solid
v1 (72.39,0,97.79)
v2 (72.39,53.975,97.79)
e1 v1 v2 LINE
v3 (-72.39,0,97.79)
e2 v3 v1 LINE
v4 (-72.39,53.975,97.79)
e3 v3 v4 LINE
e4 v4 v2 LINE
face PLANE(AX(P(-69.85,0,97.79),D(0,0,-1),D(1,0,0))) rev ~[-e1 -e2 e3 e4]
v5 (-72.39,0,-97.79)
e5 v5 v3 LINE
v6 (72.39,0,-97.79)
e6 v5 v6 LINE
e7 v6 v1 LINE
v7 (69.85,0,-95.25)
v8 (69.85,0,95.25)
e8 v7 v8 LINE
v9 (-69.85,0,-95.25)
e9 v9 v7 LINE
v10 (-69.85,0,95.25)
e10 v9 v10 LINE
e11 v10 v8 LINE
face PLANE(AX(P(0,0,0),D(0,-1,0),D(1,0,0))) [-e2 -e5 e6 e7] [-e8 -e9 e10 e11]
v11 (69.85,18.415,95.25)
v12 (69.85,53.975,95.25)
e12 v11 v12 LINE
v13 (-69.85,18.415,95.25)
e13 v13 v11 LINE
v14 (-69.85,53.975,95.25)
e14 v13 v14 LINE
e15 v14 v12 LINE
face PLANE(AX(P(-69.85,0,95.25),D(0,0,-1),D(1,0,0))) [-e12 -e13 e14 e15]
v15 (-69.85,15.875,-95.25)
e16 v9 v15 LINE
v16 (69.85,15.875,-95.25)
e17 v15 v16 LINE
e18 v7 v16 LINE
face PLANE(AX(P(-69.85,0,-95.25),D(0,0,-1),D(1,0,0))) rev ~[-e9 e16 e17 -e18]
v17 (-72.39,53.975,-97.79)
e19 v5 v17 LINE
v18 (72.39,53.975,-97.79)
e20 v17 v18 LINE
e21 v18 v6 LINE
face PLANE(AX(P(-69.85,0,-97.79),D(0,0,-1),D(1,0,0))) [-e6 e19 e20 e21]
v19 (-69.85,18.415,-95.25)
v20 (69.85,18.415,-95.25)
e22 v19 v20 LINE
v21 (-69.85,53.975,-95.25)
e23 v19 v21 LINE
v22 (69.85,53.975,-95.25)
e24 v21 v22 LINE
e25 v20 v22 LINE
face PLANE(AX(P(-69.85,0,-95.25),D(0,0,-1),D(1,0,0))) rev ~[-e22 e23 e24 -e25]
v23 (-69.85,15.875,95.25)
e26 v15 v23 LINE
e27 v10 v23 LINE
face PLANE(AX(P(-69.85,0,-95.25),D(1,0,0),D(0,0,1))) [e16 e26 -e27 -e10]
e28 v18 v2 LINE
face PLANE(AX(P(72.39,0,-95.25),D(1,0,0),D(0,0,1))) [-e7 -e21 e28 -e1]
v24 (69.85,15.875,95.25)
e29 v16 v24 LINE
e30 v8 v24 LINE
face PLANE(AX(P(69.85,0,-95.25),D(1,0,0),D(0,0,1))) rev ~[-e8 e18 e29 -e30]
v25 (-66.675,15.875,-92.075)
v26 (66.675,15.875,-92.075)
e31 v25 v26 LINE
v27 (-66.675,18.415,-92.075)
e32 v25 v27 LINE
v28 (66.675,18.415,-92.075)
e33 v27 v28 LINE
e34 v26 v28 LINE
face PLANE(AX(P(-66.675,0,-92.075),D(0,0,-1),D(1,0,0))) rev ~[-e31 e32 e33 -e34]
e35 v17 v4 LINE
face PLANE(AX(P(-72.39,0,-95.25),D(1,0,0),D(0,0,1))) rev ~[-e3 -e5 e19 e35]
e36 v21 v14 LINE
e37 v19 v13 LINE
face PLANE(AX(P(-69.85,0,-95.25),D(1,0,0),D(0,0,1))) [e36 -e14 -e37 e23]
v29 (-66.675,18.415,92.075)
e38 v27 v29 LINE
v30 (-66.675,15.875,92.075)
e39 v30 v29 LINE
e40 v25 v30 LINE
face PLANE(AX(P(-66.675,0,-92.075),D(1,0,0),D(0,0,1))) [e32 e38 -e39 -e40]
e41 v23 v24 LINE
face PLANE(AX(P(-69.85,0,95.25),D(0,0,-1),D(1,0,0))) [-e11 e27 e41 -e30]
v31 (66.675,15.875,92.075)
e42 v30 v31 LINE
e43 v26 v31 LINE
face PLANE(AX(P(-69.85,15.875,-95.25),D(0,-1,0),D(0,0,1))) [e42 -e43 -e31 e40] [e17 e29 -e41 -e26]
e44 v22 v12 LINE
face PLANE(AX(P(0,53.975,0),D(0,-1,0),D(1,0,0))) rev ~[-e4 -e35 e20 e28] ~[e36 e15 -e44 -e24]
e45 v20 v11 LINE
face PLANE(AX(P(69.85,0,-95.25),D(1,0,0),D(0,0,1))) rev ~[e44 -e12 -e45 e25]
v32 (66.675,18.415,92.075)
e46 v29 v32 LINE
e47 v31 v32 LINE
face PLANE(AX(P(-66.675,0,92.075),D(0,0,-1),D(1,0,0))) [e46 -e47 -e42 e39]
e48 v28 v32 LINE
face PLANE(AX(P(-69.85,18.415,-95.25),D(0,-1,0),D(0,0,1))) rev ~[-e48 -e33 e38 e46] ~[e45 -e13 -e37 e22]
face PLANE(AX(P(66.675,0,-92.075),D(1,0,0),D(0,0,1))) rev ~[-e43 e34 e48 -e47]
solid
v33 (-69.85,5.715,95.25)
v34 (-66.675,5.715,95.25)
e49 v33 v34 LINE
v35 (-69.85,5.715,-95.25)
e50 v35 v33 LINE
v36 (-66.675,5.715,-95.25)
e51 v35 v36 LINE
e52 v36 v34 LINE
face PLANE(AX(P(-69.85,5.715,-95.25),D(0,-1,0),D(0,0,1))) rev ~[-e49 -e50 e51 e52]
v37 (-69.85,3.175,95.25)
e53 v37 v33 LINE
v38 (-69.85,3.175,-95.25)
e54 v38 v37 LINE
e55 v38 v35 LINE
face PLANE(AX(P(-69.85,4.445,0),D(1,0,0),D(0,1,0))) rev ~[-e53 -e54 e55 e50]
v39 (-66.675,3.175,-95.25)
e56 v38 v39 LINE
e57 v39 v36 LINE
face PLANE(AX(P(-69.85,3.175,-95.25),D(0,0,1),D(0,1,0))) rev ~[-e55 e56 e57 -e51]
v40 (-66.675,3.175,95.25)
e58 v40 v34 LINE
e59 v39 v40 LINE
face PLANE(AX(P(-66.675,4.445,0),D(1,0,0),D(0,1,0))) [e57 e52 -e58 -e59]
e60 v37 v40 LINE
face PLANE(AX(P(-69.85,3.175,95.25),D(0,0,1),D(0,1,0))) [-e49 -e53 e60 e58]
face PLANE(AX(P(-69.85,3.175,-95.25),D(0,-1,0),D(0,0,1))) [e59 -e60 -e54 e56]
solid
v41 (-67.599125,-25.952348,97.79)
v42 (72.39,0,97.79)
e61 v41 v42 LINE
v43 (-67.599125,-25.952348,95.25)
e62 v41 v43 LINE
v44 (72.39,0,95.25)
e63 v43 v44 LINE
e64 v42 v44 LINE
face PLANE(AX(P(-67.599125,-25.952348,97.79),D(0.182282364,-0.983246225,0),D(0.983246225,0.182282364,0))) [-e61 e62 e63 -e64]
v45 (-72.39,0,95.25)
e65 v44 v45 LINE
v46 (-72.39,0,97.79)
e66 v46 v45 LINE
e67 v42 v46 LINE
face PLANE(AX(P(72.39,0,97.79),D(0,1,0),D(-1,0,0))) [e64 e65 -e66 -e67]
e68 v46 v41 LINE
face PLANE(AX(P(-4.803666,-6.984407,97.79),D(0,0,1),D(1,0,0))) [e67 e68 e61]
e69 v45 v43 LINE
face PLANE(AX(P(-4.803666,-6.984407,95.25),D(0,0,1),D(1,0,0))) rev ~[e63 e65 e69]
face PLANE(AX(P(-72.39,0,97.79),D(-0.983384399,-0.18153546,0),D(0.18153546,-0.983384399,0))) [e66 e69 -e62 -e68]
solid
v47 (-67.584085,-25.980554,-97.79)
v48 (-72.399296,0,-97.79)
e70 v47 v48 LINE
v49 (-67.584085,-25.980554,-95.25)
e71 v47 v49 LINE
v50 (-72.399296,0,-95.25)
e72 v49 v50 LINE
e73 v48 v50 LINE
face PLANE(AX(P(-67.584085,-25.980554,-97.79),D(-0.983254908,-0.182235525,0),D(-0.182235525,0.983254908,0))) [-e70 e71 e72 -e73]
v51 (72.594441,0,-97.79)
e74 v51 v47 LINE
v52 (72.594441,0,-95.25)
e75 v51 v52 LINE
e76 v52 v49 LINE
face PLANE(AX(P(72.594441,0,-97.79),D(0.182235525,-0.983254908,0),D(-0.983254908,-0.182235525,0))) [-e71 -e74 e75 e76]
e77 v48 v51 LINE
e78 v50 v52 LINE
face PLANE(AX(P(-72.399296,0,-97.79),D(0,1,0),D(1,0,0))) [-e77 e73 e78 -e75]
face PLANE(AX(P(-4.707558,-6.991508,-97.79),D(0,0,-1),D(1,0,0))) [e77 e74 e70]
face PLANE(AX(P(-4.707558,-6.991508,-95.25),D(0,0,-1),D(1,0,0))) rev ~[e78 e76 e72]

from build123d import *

# Parameters (mm, degrees)
F0_W      = 139.7
F0_H      = 190.5
F1_DEPTH  = 53.975
F2_T      = 2.54
F3_W      = 2.54
F3_H      = 190.5
F4_DEPTH  = 3.175
F5_W      = 2.54
F5_H      = 190.5
F6_DEPTH  = 139.7
F7_W      = 133.35
F7_H      = 184.15
F8_DEPTH  = 76.2
F11_DEPTH = 2.54
F13_DEPTH = 2.54


with BuildPart() as f1:
    # F0 (on Front) → F1 (new body)
    with BuildSketch(Plane.XZ):
        Rectangle(F0_W, F0_H)
    extrude(amount=-F1_DEPTH)

    # F2
    f2_openings = [f1.faces().sort_by_distance(p)[0] for p in [
        (0, 0, 0),
        (0, 53.975, 0),
    ]]
    offset(amount=F2_T, openings=f2_openings, kind=Kind.INTERSECTION)

    # F5 (on face) → F6 (join, through all)
    with BuildSketch(Plane.YZ.offset(-69.85)):
        with Locations((17.145, 0)):
            Rectangle(F5_W, F5_H)
    extrude(amount=F6_DEPTH)

    # F7 (on Front) → F8 (cut)
    with BuildSketch(Plane.XZ):
        Rectangle(F7_W, F7_H)
    extrude(amount=-F8_DEPTH, mode=Mode.SUBTRACT)


with BuildPart() as f4:
    # F3 (on face) → F4 (new body)
    with BuildSketch(Plane.YZ.offset(-69.85)):
        with Locations((4.445, 0)):
            Rectangle(F3_W, F3_H)
    extrude(amount=F4_DEPTH)


with BuildPart() as f11:
    # F10 (on face) → F11 (new body)
    with BuildSketch(Plane(origin=(0, 0, -97.79), x_dir=(1, 0, 0), z_dir=(0, 0, -1))):
        Polygon((-72.3992958665, 0), (72.5944414735, 0), (-67.5840847691, 25.9805541737), align=None)
    extrude(amount=-F11_DEPTH)


with BuildPart() as f13:
    # F12 (on face) → F13 (new body)
    with BuildSketch(Plane.XY.offset(97.79)):
        Polygon((-67.5991252065, -25.9523484856), (72.39, 0), (-72.39, 0), align=None)
    extrude(amount=-F13_DEPTH)


solid = Compound([f1.part, f4.part, f11.part, f13.part])
